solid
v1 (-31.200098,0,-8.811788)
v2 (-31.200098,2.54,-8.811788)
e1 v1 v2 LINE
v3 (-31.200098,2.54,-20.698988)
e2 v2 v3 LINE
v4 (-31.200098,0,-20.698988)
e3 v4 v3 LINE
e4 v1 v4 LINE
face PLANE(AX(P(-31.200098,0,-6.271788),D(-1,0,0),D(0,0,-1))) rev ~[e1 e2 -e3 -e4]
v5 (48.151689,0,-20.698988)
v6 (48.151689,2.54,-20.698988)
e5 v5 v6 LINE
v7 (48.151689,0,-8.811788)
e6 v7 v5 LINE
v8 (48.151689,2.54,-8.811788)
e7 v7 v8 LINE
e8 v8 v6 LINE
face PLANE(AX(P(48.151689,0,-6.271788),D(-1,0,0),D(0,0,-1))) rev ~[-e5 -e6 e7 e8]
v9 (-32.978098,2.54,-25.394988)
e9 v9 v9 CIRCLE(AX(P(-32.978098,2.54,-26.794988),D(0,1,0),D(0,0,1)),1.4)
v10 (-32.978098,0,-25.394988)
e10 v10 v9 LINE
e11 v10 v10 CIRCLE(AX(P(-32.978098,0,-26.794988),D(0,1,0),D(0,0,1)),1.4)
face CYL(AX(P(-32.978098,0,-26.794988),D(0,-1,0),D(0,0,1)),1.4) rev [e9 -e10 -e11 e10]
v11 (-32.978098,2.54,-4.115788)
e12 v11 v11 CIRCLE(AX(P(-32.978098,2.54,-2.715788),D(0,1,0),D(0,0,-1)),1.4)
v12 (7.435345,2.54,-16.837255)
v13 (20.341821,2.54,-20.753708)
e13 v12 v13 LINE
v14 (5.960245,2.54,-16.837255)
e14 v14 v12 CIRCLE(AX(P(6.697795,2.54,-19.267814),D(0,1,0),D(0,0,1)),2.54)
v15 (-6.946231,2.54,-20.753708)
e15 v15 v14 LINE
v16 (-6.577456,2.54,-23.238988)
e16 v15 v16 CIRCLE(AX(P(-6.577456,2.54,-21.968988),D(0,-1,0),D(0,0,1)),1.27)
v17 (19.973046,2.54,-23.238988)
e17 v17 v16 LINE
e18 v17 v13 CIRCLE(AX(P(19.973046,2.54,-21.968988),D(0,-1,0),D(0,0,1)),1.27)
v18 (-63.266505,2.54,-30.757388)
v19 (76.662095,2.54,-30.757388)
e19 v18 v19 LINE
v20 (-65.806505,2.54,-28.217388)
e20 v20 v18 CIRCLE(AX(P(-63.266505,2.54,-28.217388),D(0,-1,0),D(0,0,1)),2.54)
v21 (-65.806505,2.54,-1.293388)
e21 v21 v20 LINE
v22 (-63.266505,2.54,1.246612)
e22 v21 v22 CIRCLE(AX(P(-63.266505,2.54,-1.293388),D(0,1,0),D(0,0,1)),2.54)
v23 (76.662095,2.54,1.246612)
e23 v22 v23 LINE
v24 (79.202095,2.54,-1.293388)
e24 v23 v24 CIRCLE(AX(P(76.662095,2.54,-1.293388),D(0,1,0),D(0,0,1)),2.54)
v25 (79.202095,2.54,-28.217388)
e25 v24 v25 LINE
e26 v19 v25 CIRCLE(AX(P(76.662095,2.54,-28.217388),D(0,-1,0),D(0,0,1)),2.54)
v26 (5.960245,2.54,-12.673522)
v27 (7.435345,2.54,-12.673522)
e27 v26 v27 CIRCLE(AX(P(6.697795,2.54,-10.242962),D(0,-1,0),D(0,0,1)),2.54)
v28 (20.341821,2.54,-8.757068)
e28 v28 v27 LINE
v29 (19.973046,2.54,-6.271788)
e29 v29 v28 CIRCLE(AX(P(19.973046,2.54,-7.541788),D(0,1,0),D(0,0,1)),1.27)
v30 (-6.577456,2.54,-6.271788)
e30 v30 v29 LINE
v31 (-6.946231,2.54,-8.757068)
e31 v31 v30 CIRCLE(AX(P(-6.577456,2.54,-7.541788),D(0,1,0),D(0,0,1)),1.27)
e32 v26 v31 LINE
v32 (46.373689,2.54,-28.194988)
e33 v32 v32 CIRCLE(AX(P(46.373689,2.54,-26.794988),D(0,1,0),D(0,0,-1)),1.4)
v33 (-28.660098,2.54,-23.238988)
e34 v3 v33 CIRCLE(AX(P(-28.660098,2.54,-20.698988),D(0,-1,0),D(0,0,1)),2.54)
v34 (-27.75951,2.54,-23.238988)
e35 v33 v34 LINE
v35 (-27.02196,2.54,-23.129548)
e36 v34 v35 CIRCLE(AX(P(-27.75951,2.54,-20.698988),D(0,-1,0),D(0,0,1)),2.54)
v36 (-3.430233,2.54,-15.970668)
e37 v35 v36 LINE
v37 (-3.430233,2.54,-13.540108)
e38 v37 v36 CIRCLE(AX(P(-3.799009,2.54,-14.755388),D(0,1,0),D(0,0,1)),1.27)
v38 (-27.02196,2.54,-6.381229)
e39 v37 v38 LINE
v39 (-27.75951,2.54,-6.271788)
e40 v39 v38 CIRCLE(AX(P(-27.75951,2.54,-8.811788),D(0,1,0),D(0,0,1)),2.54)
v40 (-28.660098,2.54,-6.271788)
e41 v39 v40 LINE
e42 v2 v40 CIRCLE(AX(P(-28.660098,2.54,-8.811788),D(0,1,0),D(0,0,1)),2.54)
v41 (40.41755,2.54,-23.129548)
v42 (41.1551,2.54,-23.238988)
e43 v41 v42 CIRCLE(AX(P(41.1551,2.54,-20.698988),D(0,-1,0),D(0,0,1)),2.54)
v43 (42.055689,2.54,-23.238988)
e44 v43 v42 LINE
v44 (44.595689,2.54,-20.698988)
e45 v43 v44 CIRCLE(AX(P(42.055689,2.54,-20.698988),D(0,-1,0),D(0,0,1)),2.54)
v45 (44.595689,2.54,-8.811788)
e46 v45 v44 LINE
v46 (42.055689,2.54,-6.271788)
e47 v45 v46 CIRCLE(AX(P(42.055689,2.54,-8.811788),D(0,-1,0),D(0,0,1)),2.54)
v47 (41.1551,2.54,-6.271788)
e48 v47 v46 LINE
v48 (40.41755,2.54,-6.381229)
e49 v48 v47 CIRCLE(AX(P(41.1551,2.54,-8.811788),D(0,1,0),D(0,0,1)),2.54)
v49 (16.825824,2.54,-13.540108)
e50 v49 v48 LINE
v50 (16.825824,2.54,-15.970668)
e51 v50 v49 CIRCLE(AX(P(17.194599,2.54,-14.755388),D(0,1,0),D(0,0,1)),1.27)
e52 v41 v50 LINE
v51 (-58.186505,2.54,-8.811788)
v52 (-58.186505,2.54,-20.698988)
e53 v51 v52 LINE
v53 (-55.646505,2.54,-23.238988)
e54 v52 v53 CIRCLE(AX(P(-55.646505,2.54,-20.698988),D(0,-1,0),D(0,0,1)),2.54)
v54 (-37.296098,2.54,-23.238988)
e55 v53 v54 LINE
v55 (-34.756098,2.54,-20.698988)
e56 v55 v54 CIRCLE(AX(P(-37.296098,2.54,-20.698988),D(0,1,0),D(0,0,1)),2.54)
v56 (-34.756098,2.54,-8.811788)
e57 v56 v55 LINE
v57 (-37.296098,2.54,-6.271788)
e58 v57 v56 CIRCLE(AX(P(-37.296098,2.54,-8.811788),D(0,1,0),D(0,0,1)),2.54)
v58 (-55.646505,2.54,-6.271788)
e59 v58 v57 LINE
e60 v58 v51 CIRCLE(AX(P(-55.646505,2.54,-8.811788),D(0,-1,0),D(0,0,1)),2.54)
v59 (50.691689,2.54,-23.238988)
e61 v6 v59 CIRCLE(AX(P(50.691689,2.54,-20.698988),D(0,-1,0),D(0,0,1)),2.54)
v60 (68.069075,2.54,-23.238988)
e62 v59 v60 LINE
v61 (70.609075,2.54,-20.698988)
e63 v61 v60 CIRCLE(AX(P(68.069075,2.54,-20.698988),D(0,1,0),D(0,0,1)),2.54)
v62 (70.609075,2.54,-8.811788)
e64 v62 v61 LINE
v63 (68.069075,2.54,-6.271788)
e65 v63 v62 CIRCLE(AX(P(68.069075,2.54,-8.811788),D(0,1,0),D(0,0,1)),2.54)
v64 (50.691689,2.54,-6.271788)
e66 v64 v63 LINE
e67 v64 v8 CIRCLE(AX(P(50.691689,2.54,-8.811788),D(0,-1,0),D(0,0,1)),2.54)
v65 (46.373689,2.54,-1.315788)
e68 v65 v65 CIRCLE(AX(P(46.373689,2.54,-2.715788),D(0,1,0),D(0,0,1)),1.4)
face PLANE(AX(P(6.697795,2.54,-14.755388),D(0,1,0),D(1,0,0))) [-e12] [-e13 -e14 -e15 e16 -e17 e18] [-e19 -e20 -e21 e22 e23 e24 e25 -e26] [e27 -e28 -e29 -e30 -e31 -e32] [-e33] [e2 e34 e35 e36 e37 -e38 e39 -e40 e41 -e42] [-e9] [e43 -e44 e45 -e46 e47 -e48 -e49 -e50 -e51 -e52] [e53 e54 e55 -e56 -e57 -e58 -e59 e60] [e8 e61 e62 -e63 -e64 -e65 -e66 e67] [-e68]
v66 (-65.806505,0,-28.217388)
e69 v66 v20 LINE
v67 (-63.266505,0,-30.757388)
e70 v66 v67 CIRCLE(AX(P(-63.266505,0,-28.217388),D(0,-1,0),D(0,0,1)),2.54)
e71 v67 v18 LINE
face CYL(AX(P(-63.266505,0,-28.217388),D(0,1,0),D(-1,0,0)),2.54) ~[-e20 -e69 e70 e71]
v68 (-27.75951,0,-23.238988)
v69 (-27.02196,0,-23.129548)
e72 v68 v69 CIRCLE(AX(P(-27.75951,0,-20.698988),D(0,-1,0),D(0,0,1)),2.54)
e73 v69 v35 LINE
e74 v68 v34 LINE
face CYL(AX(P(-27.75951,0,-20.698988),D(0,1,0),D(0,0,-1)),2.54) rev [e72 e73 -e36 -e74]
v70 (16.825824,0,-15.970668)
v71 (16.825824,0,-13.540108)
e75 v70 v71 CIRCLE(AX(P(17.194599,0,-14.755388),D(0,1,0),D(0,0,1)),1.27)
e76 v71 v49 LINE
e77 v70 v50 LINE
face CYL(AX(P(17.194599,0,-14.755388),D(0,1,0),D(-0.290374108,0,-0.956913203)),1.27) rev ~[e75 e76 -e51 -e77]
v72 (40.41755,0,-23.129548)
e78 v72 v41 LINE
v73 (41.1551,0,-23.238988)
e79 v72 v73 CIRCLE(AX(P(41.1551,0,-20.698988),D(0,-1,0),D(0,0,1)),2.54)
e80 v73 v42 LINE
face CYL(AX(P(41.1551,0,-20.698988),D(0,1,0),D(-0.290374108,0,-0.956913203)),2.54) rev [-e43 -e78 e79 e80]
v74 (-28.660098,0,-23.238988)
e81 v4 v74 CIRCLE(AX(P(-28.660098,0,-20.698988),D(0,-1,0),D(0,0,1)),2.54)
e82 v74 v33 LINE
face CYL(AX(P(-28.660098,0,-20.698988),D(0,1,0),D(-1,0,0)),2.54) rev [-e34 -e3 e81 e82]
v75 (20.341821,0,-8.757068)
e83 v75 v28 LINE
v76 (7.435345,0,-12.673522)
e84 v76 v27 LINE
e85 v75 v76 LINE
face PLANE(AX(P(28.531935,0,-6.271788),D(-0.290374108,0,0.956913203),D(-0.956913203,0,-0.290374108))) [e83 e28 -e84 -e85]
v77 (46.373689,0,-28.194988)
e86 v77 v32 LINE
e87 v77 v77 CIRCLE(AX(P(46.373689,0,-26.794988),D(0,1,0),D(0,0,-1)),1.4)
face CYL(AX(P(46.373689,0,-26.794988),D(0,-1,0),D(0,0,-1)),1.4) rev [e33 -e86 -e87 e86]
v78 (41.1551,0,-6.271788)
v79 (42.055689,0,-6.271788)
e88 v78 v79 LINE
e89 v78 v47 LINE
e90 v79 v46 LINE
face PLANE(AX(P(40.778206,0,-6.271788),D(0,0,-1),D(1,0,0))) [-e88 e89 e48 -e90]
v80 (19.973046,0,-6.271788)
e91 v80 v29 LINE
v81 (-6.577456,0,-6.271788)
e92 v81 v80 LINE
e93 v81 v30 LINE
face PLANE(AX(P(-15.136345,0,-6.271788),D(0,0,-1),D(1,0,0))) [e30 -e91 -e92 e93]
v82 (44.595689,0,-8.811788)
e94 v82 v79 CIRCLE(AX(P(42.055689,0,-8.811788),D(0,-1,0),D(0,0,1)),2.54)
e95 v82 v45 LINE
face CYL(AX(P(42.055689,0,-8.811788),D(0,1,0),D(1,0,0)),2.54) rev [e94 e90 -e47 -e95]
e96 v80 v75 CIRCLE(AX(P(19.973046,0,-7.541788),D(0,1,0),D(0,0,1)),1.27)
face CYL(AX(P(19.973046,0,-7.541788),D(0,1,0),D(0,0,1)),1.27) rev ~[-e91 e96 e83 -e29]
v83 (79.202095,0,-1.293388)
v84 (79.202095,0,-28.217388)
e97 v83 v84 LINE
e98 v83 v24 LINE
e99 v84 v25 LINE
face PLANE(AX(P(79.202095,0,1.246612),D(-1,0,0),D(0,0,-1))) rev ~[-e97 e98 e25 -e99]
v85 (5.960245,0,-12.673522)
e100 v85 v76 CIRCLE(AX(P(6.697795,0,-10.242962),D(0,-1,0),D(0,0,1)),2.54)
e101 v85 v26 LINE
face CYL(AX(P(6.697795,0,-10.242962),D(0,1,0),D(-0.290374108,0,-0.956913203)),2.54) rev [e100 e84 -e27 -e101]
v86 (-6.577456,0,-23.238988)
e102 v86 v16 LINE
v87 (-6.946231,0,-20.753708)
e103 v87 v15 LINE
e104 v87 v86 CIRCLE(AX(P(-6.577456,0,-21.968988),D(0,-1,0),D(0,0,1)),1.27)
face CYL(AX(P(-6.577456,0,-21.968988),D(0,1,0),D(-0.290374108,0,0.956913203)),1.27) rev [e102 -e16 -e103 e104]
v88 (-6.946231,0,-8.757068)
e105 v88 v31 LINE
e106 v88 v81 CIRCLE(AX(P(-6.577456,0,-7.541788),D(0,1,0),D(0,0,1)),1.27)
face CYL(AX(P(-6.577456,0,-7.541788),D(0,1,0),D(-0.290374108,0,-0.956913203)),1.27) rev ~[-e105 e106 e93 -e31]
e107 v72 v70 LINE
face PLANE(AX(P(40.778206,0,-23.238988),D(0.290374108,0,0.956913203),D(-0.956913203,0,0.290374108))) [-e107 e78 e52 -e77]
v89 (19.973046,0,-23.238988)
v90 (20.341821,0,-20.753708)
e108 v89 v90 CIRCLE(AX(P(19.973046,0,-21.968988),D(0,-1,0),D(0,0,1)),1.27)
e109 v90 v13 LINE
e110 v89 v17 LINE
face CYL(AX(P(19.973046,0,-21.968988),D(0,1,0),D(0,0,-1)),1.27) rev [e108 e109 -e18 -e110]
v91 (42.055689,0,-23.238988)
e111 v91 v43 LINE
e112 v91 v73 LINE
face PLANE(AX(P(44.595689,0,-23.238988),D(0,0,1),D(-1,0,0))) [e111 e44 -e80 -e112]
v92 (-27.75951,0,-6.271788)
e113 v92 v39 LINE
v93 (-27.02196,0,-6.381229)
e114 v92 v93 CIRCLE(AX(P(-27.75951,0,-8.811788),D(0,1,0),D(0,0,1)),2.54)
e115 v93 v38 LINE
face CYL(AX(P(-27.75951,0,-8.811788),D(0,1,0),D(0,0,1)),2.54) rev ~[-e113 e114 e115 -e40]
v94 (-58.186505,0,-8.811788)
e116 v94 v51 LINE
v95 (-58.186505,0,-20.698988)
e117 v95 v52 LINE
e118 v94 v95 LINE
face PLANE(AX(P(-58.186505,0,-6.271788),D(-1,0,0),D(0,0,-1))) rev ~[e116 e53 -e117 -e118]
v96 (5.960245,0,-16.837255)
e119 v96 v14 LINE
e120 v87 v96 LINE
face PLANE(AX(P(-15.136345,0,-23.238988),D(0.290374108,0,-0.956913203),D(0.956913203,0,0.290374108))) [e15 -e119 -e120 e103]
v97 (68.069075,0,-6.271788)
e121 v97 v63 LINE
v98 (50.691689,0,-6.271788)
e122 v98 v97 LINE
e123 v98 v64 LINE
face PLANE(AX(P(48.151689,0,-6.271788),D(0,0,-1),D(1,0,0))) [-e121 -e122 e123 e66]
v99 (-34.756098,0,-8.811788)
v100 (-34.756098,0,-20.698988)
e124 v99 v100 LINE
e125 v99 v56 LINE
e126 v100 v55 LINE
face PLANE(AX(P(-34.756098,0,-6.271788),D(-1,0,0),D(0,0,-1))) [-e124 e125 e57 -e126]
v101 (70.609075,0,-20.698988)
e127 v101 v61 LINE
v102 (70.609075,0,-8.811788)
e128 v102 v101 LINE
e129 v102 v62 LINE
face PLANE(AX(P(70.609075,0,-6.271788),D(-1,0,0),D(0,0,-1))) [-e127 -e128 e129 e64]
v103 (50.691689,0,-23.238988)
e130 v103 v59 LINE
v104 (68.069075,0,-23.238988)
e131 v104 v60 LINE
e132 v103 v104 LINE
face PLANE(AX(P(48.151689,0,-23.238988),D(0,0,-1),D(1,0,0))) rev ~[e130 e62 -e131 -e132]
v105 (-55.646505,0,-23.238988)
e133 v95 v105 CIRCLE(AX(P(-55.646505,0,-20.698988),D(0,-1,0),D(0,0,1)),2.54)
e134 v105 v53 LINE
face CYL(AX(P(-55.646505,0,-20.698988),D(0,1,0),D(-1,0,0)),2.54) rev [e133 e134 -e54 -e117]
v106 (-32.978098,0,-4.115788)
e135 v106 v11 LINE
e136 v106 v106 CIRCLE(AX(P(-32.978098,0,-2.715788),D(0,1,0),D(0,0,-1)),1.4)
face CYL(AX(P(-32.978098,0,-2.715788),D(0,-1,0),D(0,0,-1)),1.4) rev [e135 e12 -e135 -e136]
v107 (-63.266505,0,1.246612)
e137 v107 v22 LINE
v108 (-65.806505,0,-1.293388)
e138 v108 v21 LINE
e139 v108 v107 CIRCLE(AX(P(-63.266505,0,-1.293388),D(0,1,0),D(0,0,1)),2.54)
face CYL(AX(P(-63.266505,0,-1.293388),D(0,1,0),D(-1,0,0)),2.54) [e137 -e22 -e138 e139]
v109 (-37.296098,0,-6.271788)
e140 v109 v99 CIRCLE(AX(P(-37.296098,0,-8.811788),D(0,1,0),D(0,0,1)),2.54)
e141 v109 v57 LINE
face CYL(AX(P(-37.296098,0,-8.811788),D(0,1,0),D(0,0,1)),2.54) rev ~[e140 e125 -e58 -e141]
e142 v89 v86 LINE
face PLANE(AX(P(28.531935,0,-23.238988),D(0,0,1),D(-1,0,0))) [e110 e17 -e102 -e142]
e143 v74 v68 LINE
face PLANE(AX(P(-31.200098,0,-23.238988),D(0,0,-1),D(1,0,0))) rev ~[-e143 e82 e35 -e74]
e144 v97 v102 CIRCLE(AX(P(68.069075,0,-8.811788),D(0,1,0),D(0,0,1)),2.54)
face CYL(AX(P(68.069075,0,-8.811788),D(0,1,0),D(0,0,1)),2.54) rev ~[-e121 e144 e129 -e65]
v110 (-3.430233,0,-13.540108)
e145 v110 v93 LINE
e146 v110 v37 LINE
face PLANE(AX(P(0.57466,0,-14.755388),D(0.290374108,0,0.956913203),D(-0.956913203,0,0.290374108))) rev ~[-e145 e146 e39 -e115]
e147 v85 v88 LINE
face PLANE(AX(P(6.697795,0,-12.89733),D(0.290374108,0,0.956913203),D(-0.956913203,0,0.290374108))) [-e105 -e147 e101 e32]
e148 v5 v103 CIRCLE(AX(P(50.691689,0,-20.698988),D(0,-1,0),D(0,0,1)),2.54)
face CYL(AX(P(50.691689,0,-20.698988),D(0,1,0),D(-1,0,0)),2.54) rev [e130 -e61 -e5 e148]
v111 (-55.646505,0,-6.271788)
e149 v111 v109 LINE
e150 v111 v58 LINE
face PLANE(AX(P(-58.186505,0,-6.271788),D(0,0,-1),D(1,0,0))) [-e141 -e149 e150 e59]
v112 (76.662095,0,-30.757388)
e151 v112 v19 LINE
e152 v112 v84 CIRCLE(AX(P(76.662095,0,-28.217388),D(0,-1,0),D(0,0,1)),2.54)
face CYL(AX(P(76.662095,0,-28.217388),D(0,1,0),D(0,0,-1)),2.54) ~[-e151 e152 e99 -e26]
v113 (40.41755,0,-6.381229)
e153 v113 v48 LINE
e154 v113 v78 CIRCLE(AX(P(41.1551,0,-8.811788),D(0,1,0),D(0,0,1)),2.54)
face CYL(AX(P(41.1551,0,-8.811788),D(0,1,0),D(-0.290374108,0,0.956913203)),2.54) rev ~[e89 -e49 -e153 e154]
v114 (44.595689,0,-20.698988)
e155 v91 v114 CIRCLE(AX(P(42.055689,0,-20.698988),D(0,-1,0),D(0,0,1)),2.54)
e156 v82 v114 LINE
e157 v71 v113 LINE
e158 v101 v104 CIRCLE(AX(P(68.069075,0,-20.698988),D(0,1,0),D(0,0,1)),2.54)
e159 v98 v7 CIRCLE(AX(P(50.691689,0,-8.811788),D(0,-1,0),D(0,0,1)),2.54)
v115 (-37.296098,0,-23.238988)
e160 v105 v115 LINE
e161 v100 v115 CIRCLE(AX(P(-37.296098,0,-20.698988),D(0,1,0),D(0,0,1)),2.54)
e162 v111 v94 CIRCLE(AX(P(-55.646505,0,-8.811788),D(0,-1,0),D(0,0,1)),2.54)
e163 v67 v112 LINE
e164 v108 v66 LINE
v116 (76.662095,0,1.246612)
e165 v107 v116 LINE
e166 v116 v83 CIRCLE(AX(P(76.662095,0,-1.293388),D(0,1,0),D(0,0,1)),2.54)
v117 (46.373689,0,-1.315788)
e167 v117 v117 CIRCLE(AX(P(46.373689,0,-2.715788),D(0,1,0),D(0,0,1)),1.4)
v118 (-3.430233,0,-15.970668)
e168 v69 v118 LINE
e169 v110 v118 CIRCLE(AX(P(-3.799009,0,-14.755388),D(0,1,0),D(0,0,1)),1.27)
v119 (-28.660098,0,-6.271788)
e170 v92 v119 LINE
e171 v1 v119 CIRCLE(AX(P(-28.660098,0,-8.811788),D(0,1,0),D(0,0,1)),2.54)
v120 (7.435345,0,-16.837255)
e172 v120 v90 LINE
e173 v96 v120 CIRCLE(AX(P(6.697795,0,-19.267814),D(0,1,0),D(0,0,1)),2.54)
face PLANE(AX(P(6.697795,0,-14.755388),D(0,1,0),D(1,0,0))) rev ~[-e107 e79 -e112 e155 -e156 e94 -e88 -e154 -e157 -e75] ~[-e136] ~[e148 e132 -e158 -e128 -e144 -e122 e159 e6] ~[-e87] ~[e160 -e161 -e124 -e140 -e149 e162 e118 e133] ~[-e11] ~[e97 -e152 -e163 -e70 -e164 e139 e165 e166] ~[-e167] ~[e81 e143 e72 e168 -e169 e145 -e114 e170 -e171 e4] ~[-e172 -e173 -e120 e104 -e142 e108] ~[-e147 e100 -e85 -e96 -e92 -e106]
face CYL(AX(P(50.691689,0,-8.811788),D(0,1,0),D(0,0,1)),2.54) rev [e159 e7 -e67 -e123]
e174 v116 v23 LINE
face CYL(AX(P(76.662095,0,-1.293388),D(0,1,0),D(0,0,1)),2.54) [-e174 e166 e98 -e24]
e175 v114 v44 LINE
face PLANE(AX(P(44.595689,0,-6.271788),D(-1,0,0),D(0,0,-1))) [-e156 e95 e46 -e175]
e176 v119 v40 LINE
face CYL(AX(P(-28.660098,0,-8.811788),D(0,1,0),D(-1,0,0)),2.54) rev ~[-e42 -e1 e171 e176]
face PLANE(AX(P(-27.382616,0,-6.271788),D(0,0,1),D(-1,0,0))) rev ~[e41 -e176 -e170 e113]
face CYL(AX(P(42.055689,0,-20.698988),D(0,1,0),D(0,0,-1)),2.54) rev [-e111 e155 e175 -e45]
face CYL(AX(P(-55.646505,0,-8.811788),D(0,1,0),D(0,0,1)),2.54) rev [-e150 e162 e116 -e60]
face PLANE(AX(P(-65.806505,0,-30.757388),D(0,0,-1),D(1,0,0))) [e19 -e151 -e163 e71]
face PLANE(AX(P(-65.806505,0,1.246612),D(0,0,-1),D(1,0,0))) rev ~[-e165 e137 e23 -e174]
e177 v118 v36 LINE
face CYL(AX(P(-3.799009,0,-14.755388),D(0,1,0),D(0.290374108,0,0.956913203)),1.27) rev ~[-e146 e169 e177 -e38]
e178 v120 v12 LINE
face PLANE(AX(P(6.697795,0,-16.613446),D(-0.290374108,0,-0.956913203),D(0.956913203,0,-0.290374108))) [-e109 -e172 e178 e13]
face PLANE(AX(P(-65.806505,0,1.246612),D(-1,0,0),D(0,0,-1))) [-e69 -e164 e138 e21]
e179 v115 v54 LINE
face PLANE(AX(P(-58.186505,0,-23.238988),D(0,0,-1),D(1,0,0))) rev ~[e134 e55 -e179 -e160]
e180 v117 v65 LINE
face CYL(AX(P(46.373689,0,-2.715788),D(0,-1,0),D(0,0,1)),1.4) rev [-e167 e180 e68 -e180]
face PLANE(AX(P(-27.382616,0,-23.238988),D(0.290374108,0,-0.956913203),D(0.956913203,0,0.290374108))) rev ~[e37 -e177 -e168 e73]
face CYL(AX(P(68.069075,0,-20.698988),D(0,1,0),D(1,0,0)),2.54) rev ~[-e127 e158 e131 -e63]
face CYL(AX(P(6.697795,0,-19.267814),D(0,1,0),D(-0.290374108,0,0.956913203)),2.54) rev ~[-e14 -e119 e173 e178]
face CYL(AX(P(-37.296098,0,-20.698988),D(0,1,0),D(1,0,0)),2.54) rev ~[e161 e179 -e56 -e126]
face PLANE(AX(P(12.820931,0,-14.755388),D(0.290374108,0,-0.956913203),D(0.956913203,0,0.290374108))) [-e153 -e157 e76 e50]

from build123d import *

# Parameters (mm, degrees)
SKETCH1_W           = 145.0086
SKETCH1_H           = 32.004
SKETCH1_R           = 1.399999994
SKETCH1_R_2         = 1.399999995
SKETCH1_W_2         = 22.457386235
SKETCH1_H_2         = 16.9672
SKETCH1_W_3         = 23.43040653
BOSS_EXTRUDE1_DEPTH = 2.54
FILLET1_R           = 2.54
FILLET2_R           = 1.27


with BuildPart() as part:
    # Sketch1 → Boss-Extrude1 (new body)
    with BuildSketch(Plane(origin=(0, 0, 0), x_dir=(1, 0, 0), z_dir=(0, 1, 0))):
        with Locations((6.69779506, 14.755388179)):
            Rectangle(SKETCH1_W, SKETCH1_H)
        with Locations(Location((-32.97809841, 26.794988179, 0), (0, 0, 270))):
            Circle(SKETCH1_R, mode=Mode.SUBTRACT)
        with Locations(Location((46.373688528, 26.794988179, 0), (0, 0, 90))):
            Circle(SKETCH1_R_2, mode=Mode.SUBTRACT)
        with Locations(Location((46.373688528, 2.715788179, 0), (0, 0, 270))):
            Circle(SKETCH1_R_2, mode=Mode.SUBTRACT)
        with Locations(Location((-32.97809841, 2.715788179, 0), (0, 0, 90))):
            Circle(SKETCH1_R, mode=Mode.SUBTRACT)
        Polygon((-31.20009841, 23.238988179), (-27.382615546, 23.238988179), (0.574659599, 14.755388179), (-27.382615546, 6.271788179), (-31.20009841, 6.271788179), align=None, mode=Mode.SUBTRACT)
        with Locations((59.380381646, 14.755388179)):
            Rectangle(SKETCH1_W_2, SKETCH1_H_2, mode=Mode.SUBTRACT)
        with Locations((-46.471301675, 14.755388179)):
            Rectangle(SKETCH1_W_3, SKETCH1_H_2, mode=Mode.SUBTRACT)
        Polygon((40.778205663, 23.238988179), (12.820930519, 14.755388179), (40.778205663, 6.271788179), (44.595688528, 6.271788179), (44.595688528, 23.238988179), align=None, mode=Mode.SUBTRACT)
        Polygon((-15.136344626, 23.238988179), (6.697795059, 16.613445937), (28.531934744, 23.238988179), align=None, mode=Mode.SUBTRACT)
        Polygon((6.697795059, 12.897330421), (-15.136344626, 6.271788179), (28.531934744, 6.271788179), align=None, mode=Mode.SUBTRACT)
    extrude(amount=BOSS_EXTRUDE1_DEPTH)

    # Fillet1
    fillet1_edges = [part.edges().sort_by_distance(p)[0] for p in [
        (70.609074763, 1.27, -6.271788179),
        (70.609074763, 1.27, -23.238988179),
        (48.151688528, 1.27, -23.238988179),
        (48.151688528, 1.27, -6.271788179),
        (-58.18650494, 1.27, -23.238988179),
        (-58.18650494, 1.27, -6.271788179),
        (-34.75609841, 1.27, -6.271788179),
        (-34.75609841, 1.27, -23.238988179),
        (6.697795059, 1.27, -16.613445937),
        (6.697795059, 1.27, -12.897330421),
        (79.20209506, 1.27, 1.246611821),
        (-65.80650494, 1.27, 1.246611821),
        (-65.80650494, 1.27, -30.757388179),
        (79.20209506, 1.27, -30.757388179),
        (44.595688528, 1.27, -23.238988179),
        (40.778205663, 1.27, -23.238988179),
        (40.778205663, 1.27, -6.271788179),
        (44.595688528, 1.27, -6.271788179),
        (-31.20009841, 1.27, -23.238988179),
        (-31.20009841, 1.27, -6.271788179),
        (-27.382615546, 1.27, -6.271788179),
        (-27.382615546, 1.27, -23.238988179),
    ]]
    fillet(fillet1_edges, radius=FILLET1_R)

    # Fillet2
    fillet2_edges = [part.edges().sort_by_distance(p)[0] for p in [
        (28.531934744, 1.27, -23.238988179),
        (-15.136344626, 1.27, -23.238988179),
        (-15.136344626, 1.27, -6.271788179),
        (28.531934744, 1.27, -6.271788179),
        (12.820930519, 1.27, -14.755388179),
        (0.574659599, 1.27, -14.755388179),
    ]]
    fillet(fillet2_edges, radius=FILLET2_R)


solid = part.part
